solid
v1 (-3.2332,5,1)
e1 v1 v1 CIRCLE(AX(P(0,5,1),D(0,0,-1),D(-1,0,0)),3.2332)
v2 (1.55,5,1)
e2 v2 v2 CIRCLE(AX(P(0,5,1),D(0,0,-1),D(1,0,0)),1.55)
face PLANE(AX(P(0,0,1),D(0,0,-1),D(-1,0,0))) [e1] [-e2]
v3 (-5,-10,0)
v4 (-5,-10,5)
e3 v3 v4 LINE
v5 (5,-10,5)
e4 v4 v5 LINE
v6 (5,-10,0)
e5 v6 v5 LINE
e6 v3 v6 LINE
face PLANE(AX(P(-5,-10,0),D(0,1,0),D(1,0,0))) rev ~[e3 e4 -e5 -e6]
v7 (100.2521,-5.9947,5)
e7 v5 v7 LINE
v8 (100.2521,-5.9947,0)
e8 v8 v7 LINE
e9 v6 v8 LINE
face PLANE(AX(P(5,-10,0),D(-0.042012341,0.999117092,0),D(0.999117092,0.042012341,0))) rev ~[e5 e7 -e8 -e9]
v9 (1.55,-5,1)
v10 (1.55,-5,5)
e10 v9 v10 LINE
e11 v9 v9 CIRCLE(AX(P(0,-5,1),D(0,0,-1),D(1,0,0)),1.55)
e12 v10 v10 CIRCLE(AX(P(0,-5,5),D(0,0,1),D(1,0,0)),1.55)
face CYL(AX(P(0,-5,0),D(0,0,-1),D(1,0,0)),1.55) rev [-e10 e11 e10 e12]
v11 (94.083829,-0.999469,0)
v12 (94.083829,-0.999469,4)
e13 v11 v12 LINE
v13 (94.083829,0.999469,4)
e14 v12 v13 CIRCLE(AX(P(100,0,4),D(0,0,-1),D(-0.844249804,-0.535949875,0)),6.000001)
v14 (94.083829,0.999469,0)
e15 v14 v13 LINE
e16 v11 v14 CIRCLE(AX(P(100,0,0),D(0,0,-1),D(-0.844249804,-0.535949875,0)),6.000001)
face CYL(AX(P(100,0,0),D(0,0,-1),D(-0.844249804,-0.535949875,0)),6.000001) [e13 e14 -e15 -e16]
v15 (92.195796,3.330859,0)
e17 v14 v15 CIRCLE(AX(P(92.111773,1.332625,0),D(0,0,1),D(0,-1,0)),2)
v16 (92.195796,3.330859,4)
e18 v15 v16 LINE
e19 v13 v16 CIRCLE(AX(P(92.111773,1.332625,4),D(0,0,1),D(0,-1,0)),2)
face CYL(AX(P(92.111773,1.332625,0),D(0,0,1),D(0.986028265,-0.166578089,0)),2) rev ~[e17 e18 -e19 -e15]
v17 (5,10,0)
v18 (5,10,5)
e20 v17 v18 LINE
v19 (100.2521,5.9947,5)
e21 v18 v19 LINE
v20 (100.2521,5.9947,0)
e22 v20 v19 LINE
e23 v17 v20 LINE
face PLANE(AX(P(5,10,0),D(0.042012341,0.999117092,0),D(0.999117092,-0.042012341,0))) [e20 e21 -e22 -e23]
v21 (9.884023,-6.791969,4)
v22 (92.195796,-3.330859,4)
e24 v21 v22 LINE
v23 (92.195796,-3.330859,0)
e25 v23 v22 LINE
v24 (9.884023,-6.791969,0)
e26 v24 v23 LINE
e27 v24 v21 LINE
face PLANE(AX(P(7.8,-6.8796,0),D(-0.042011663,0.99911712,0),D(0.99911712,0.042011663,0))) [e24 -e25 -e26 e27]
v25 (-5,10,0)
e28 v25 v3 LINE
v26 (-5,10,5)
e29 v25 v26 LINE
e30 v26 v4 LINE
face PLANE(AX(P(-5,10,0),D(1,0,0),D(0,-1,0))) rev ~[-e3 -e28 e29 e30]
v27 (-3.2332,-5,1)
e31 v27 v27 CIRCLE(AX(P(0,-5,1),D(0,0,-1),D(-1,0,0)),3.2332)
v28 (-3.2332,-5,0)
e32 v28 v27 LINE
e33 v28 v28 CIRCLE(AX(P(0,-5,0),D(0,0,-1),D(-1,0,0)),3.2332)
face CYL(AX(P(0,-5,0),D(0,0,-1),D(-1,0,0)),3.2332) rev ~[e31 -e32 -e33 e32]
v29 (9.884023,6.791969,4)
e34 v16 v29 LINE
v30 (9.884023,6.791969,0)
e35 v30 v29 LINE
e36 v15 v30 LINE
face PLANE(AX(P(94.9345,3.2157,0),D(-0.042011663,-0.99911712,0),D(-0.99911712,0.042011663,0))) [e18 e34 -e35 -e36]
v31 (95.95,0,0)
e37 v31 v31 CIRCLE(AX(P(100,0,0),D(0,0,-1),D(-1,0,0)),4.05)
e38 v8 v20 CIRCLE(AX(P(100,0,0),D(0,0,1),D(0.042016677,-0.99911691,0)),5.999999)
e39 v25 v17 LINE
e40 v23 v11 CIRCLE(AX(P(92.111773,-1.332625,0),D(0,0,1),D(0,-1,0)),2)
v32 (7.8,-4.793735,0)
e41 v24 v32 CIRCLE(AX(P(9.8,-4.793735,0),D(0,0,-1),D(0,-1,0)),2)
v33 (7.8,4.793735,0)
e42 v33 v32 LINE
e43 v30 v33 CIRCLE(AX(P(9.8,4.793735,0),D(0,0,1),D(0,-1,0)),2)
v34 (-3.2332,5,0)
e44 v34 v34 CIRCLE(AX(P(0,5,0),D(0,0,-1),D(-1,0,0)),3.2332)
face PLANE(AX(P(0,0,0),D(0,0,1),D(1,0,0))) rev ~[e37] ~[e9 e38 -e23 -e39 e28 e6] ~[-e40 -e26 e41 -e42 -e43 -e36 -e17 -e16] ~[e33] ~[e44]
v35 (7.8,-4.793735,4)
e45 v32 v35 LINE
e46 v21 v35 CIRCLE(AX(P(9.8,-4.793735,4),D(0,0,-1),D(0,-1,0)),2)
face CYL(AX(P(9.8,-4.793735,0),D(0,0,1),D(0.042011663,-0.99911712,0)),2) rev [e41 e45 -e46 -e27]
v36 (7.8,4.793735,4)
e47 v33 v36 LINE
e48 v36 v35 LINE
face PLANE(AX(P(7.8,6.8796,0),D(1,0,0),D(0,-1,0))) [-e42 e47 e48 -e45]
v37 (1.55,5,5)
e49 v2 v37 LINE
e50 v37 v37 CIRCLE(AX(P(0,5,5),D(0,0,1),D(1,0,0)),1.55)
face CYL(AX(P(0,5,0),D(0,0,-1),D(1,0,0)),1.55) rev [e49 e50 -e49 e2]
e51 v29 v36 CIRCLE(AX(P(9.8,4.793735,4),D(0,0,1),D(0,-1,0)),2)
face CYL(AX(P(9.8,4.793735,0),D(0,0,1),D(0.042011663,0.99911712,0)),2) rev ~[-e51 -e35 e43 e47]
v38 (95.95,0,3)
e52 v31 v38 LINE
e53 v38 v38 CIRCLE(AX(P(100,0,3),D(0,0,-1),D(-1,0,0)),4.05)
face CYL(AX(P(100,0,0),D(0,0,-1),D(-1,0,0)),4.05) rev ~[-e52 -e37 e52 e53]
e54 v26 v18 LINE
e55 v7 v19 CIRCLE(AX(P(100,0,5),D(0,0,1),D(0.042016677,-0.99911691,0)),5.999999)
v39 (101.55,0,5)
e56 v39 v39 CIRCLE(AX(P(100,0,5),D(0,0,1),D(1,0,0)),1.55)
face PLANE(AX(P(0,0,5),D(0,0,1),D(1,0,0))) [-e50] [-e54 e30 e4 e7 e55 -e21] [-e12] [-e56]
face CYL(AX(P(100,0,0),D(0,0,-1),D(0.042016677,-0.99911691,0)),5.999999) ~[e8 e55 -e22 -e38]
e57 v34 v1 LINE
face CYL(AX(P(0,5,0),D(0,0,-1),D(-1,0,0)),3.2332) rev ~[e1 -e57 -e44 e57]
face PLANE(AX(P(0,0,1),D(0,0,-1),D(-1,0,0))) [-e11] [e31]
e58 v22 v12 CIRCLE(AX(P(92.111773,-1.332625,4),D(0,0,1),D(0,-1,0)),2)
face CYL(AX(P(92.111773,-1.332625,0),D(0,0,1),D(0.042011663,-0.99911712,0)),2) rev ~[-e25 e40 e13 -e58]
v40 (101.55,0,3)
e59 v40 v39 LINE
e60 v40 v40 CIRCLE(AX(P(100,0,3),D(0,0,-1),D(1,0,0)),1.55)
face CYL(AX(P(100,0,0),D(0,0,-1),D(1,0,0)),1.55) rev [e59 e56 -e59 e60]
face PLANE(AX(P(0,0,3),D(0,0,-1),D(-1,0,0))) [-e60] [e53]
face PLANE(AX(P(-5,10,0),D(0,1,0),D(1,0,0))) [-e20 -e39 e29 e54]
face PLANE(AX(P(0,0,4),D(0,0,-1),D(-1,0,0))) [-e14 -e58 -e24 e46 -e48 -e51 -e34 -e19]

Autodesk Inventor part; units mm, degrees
ref_plane "YZ Plane" through (0, 0, 0) normal (1, 0, 0) x (0, 1, 0)
ref_plane "XZ Plane" through (0, 0, 0) normal (0, 1, 0) x (-1, 0, 0)
ref_plane "XY Plane" through (0, 0, 0) normal (0, 0, 1) x (1, 0, 0)
sketch "スケッチ1" plane through (0, 0, 0) normal (0, 0, 1) x (1, 0, 0)
  circle A0 centre (0, 5) radius 1.55
  circle A1 centre (0, -5) radius 1.55
  line L0 (0, 5) -> (0, -5) construction
  line L1 (0, 0) -> (100, 0) construction
  circle A2 centre (100, 0) radius 1.55
  line L2 (-5, 10) -> (-5, -10)
  line L3 (-5, -10) -> (5, -10)
  line L4 (5, -10) -> (100.2521, -5.9947)
  line L5 (-5, 10) -> (5, 10)
  line L6 (5, 10) -> (100.2521, 5.9947)
  arc A3 (100.2521, -5.9947) -> (100.2521, 5.9947) centre (100, 0) ccw
  circle A4 centre (0, 5) radius 3 construction
  circle A5 centre (0, 5) radius 5 construction
  line L7 (5, 10) -> (5, -10) construction
  point P0 (-5, 0)
  dimension "d0" = 10
  dimension "d1" = 3.1
  dimension "d2" = 3.1
  dimension "d3" = 100
  dimension "d4" = 6
  dimension "d5" = 6
  dimension "d6" = 2
extrude "押し出し1" add sketch "スケッチ1" along normal blind 5
sketch "スケッチ2" plane through (0, 0, 0) normal (0, 0, -1) x (-1, 0, 0)
  circle A0 centre (-100, 0) radius 1.55 projected
  arc A1 (-100.2521, 5.9947) -> (-100.2521, -5.9947) centre (-100, 0) ccw projected
  circle A2 centre (-100, 0) radius 4.05
  point P0 (0, 0)
  dimension "d9" = 8.1
extrude "押し出し2" cut sketch "スケッチ2" against normal blind 3
sketch "スケッチ3" plane through (0, 0, 0) normal (0, 0, -1) x (-1, 0, 0)
  circle A0 centre (0, -5) radius 1.55 projected
  circle A1 centre (0, 5) radius 1.55 projected
  line L0 (0, -1.8246) -> (2.75, -3.4123)
  line L1 (2.75, -3.4123) -> (2.75, -6.5877)
  line L2 (2.75, -6.5877) -> (0, -8.1754)
  line L3 (0, -8.1754) -> (-2.75, -6.5877)
  line L4 (-2.75, -6.5877) -> (-2.75, -3.4123)
  line L5 (-2.75, -3.4123) -> (0, -1.8246)
  line L6 (-2.75, 6.5877) -> (0, 8.1754)
  line L7 (0, 8.1754) -> (2.75, 6.5877)
  line L8 (2.75, 6.5877) -> (2.75, 3.4123)
  line L9 (2.75, 3.4123) -> (0, 1.8246)
  line L10 (0, 1.8246) -> (-2.75, 3.4123)
  line L11 (-2.75, 3.4123) -> (-2.75, 6.5877)
  line L12 (0, -8.2332) -> (2.8, -6.6166)
  line L13 (2.8, -6.6166) -> (2.8, -3.3834)
  line L14 (2.8, -3.3834) -> (0, -1.7668)
  line L15 (0, -1.7668) -> (-2.8, -3.3834)
  line L16 (-2.8, -3.3834) -> (-2.8, -6.6166)
  line L17 (-2.8, -6.6166) -> (0, -8.2332)
  line L18 (-2.8, 3.3834) -> (0, 1.7668)
  line L19 (0, 1.7668) -> (2.8, 3.3834)
  line L20 (2.8, 3.3834) -> (2.8, 6.6166)
  line L21 (2.8, 6.6166) -> (0, 8.2332)
  line L22 (0, 8.2332) -> (-2.8, 6.6166)
  line L23 (-2.8, 6.6166) -> (-2.8, 3.3834)
  circle A2 centre (0, -7.1832) radius 1.05
  circle A3 centre (1.8907, -6.0916) radius 1.05
  circle A4 centre (1.8907, -3.9084) radius 1.05
  circle A5 centre (0, -2.8168) radius 1.05
  circle A6 centre (-1.8907, -3.9084) radius 1.05
  circle A7 centre (-1.8907, -6.0916) radius 1.05
  circle A8 centre (0, 2.8168) radius 1.05
  circle A9 centre (1.8907, 3.9084) radius 1.05
  circle A10 centre (1.8907, 6.0916) radius 1.05
  circle A11 centre (0, 7.1832) radius 1.05
  circle A12 centre (-1.8907, 6.0916) radius 1.05
  circle A13 centre (-1.8907, 3.9084) radius 1.05
  circle A14 centre (0, 5) radius 3.2332
  circle A15 centre (0, -5) radius 3.2332
  point P0 (0, 0)
  point P1 (2.8, -6.6166)
  point P2 (2.8, -3.3834)
  point P3 (0, -1.7668)
  point P4 (-2.8, -3.3834)
  point P5 (-2.8, -6.6166)
  point P6 (2.8, 3.3834)
  point P7 (2.8, 6.6166)
  point P8 (0, 8.2332)
  point P9 (-2.8, 6.6166)
  point P10 (-2.8, 3.3834)
  dimension "d16" = 2.1
  dimension "d15" = 5.5
  dimension "d17" = 0.05
  dimension "d20" = 360
  dimension "d24" = 360
extrude "押し出し3" cut sketch "スケッチ3" against normal blind 1
sketch "スケッチ4" plane through (0, 0, 0) normal (0, 0, -1) x (-1, 0, 0)
  circle A0 centre (-100, 0) radius 4.05 projected
  line L0 (-100.2521, 5.9947) -> (-5, 10) projected
  arc A1 (-100.2521, 5.9947) -> (-100.2521, -5.9947) centre (-100, 0) ccw projected
  line L1 (-5, -10) -> (-100.2521, -5.9947) projected
  line L2 (-7.8, -6.8796) -> (-94.9345, -3.2157)
  line L3 (-5, -10) -> (-100.2521, -5.9947) projected
  arc A2 (-94.9345, -3.2157) -> (-94.9345, 3.2157) centre (-100, 0) ccw
  line L4 (-94.9345, 3.2157) -> (-7.8, 6.8796)
  line L5 (-7.8, 6.8796) -> (-7.8, -6.8796)
  point P0 (-2.8, 4.4334)
  point P1 (0, 0)
  dimension "d26" = 3
  dimension "d27" = 3
  dimension "d28" = 5
extrude "押し出し4" cut sketch "スケッチ4" against normal blind 4 contours L2 A2 L4 L5
fillet "フィレット1" radius 2 4 edges at (7.8, 6.8796, 2) (7.8, -6.8796, 2) (94.9345, 3.2157, 2) (94.9345, -3.2157, 2)
equation "\"d27\" = d26"
properties part number "胴体_サブフレーム_1_12" material "アセタール樹脂、黒"
